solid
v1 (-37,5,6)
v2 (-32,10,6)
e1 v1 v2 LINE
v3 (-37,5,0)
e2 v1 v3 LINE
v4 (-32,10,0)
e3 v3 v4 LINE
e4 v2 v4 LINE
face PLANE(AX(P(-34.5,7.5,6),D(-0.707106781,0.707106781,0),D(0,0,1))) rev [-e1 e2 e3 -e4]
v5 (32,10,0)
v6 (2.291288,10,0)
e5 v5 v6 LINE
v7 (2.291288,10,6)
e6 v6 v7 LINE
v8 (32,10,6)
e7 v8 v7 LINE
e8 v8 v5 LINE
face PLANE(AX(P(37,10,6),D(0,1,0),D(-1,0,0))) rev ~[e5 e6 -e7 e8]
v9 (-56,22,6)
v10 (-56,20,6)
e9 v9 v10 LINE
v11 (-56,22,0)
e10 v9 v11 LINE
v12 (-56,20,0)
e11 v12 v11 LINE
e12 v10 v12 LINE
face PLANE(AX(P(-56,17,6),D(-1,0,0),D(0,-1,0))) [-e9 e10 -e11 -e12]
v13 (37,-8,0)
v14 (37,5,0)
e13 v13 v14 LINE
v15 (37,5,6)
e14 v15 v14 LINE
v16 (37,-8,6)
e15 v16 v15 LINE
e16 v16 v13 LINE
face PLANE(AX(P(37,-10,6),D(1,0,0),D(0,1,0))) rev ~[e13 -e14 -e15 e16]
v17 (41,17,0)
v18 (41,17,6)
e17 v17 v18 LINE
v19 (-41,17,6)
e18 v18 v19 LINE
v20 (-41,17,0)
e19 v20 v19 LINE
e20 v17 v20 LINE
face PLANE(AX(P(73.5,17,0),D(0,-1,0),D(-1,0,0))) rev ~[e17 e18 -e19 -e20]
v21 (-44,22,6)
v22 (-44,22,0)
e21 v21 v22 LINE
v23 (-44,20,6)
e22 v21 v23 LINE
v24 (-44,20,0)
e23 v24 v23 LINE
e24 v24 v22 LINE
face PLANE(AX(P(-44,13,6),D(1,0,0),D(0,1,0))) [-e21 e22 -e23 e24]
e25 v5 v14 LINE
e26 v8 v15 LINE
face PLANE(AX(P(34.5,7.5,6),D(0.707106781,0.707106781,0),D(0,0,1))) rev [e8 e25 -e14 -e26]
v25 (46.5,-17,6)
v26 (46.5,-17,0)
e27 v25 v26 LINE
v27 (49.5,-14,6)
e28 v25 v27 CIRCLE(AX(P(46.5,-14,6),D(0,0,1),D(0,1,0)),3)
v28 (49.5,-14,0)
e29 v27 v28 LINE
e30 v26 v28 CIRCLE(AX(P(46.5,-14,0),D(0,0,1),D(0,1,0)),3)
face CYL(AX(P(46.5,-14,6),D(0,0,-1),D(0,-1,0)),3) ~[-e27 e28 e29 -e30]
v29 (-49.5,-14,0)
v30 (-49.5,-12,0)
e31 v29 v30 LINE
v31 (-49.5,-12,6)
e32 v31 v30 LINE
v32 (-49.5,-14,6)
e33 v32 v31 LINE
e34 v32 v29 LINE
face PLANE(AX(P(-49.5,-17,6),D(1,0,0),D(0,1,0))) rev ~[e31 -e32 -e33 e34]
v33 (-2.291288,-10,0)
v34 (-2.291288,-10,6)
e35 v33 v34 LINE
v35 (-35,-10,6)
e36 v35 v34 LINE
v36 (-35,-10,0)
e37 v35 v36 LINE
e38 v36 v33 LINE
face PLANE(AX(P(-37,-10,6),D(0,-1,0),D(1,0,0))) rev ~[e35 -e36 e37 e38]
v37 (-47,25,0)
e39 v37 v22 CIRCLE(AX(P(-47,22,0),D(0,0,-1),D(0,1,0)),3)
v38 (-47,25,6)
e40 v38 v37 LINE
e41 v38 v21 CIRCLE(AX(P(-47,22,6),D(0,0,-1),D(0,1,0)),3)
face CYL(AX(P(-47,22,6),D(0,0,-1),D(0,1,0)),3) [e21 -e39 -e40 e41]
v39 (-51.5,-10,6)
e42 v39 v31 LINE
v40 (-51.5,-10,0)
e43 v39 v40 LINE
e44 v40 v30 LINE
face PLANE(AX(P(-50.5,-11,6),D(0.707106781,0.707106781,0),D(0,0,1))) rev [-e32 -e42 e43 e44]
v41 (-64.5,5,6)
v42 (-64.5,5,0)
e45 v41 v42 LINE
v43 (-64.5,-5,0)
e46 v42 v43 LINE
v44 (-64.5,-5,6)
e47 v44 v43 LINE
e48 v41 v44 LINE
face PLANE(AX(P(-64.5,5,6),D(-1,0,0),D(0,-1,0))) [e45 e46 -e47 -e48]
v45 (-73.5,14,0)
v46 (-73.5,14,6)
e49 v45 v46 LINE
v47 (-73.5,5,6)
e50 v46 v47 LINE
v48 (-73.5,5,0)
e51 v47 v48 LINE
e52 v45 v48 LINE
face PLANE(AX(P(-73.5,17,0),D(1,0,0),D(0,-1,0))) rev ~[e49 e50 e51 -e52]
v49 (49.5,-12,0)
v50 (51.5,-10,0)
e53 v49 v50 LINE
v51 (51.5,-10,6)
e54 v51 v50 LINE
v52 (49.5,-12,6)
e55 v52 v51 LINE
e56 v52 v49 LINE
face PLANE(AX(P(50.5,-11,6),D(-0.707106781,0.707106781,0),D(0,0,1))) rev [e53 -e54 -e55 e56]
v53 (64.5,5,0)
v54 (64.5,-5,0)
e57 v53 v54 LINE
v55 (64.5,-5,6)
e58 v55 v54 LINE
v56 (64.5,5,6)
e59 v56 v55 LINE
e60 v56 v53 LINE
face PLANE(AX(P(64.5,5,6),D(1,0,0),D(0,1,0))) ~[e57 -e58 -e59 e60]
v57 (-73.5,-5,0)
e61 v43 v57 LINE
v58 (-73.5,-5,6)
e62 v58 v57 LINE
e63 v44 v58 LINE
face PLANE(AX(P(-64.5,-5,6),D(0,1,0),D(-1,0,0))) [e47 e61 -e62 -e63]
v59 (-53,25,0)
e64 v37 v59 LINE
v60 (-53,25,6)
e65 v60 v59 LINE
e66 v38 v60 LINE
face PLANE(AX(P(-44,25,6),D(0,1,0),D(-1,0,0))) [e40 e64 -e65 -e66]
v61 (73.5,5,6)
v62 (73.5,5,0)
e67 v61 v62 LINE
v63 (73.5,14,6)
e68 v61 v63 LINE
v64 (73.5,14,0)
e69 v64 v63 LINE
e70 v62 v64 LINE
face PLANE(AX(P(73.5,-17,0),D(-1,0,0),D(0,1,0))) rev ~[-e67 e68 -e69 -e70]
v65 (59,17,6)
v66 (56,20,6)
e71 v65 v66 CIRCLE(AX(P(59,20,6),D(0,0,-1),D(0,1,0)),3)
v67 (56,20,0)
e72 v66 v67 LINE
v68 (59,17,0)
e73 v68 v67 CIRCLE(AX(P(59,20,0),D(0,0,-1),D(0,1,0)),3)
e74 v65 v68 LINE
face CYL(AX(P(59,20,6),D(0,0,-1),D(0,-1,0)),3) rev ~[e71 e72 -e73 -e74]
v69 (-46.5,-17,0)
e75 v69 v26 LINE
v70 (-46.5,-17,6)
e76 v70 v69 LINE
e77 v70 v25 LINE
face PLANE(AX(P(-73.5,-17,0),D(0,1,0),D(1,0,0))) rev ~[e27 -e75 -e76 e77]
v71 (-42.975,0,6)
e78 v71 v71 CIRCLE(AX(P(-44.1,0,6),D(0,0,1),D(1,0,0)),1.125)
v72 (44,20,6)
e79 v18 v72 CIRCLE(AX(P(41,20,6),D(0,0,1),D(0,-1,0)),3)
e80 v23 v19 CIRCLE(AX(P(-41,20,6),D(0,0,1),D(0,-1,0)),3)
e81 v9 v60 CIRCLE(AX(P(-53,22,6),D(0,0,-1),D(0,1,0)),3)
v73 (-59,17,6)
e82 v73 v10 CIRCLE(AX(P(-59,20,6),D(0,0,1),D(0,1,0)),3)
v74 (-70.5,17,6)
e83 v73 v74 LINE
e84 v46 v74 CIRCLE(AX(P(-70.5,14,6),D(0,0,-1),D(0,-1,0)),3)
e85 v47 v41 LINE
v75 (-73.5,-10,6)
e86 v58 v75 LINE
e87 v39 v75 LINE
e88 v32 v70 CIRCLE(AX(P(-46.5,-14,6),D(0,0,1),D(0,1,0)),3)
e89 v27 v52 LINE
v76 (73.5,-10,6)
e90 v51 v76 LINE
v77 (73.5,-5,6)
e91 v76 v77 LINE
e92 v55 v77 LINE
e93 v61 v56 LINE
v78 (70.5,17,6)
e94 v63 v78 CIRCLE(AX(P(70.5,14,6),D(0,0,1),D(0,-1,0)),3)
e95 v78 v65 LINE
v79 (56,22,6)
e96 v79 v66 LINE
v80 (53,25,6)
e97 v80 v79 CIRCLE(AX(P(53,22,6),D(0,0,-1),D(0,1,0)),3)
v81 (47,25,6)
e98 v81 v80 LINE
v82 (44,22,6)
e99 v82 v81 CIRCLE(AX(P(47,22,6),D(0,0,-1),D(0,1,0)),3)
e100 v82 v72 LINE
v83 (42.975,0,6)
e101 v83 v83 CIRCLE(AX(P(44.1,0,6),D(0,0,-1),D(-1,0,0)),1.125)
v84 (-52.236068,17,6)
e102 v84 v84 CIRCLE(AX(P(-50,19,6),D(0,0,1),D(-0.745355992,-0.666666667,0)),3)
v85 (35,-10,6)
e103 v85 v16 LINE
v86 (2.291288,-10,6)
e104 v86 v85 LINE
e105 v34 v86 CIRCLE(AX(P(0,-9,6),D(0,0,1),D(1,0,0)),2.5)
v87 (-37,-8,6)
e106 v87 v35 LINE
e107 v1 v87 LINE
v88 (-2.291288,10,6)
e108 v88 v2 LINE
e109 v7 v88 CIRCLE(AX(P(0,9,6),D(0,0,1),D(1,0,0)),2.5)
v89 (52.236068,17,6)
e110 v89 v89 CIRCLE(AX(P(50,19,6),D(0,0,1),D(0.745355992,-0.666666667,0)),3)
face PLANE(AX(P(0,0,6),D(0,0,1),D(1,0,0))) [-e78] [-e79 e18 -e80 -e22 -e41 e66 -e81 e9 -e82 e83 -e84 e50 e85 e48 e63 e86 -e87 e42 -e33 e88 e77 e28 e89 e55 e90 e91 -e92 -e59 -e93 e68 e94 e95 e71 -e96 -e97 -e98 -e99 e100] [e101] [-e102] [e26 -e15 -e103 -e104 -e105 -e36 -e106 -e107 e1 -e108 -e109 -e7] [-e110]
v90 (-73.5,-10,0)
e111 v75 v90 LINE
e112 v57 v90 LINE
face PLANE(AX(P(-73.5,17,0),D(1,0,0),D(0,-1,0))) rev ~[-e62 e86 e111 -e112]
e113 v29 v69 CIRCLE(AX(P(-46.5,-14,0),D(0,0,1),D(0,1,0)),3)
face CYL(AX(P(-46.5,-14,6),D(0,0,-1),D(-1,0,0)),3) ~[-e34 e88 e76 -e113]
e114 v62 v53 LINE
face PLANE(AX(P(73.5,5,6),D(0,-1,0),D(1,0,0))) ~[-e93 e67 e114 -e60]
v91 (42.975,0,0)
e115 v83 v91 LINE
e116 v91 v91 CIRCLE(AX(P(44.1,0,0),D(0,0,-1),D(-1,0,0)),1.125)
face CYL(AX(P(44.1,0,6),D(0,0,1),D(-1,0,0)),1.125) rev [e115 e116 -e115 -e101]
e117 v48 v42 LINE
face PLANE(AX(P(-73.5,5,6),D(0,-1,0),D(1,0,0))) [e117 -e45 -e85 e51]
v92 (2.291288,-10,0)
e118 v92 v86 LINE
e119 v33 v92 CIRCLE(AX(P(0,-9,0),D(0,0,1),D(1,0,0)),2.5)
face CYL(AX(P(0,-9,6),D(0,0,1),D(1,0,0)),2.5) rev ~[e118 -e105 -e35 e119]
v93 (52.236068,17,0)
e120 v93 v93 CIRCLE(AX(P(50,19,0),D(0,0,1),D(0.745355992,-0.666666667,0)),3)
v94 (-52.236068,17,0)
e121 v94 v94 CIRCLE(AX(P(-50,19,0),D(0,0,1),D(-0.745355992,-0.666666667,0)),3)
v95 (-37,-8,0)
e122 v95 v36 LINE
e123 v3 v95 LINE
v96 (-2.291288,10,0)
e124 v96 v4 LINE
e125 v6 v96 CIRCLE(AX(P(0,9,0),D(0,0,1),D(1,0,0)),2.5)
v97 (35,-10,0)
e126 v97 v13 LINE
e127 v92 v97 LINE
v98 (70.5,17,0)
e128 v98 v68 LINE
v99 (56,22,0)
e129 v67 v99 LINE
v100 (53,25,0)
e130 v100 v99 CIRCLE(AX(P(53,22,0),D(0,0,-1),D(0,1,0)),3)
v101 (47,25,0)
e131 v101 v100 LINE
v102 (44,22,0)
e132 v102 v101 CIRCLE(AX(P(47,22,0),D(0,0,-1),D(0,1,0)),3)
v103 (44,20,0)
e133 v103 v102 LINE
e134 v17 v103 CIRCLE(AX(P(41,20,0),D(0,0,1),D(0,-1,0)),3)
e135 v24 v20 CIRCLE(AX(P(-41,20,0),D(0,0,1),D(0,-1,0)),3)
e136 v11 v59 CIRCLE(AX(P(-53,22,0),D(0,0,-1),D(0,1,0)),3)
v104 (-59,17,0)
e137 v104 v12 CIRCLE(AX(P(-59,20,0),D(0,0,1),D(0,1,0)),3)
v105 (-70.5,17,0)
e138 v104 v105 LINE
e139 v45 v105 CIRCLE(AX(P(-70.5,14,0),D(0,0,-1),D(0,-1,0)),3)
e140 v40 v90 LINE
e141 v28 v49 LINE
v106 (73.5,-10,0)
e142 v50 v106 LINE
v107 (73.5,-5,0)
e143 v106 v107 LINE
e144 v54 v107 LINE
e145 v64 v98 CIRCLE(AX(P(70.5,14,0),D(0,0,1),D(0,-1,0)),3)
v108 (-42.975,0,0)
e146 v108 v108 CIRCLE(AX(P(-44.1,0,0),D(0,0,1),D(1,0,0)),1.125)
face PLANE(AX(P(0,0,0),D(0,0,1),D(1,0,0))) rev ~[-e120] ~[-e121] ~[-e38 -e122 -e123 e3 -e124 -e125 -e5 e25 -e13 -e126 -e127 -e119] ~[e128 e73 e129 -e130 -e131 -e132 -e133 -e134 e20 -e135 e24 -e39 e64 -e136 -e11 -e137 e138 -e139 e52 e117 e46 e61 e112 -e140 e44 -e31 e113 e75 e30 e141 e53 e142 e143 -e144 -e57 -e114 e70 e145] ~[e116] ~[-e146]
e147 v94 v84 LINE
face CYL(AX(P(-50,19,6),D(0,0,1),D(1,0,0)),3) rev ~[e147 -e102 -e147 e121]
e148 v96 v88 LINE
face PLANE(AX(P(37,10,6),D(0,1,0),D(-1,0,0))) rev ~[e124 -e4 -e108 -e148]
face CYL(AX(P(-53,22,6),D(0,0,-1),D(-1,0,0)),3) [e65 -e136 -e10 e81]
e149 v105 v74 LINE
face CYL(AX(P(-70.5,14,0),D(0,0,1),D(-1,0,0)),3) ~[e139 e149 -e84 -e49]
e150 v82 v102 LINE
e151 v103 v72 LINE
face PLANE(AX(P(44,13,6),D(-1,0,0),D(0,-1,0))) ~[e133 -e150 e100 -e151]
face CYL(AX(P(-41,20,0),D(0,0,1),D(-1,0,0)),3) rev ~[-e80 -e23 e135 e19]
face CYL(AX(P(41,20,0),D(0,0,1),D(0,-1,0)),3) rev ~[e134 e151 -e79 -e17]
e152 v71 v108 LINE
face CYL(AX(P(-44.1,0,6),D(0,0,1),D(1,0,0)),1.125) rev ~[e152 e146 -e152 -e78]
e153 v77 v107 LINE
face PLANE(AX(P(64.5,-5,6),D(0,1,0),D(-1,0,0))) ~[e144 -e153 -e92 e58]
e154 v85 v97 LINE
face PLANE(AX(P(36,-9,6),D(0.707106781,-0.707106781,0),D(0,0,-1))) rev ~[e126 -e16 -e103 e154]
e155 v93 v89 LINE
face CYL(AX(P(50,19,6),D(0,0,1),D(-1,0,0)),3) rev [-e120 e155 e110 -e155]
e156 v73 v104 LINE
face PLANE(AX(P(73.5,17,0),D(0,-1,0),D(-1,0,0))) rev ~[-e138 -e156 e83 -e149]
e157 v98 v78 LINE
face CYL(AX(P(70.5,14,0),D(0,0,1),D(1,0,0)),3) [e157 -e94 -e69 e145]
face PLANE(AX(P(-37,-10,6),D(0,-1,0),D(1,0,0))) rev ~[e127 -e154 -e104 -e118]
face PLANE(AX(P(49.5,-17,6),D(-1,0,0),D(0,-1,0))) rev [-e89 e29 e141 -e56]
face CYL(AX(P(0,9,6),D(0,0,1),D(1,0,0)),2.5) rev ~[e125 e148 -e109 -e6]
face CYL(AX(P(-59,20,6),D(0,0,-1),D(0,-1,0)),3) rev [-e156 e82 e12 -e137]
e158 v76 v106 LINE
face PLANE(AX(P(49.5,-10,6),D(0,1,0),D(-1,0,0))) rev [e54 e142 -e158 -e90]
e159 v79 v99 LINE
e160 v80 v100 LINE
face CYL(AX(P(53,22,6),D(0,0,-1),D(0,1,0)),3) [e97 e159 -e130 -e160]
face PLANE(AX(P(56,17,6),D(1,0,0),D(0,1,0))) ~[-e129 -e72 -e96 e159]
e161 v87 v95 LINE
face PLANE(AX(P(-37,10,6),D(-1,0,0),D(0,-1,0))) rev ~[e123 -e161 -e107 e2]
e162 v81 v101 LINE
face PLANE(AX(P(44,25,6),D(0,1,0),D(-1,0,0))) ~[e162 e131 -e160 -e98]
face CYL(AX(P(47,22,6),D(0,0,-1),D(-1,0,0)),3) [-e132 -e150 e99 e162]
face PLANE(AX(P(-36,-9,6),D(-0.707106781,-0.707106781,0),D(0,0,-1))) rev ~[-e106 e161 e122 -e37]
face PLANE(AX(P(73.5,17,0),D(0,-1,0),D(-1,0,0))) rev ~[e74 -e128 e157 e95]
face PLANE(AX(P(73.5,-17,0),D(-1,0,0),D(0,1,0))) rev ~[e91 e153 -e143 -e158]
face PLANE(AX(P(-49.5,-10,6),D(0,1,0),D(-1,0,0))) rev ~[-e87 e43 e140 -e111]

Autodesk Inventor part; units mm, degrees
ref_plane "YZ Plane" through (0, 0, 0) normal (1, 0, 0) x (0, 1, 0)
ref_plane "XZ Plane" through (0, 0, 0) normal (0, 1, 0) x (-1, 0, 0)
ref_plane "XY Plane" through (0, 0, 0) normal (0, 0, 1) x (1, 0, 0)
sketch "Sketch1" plane through (0, 0, 0) normal (0, 0, 1) x (1, 0, 0)
  line L0 (-73.5, -17) -> (73.5, -17)
  line L1 (73.5, -17) -> (73.5, 17)
  line L2 (73.5, 17) -> (-73.5, 17)
  line L3 (-73.5, 17) -> (-73.5, -17)
  line L4 (-73.5, -17) -> (73.5, 17) construction
  line L5 (73.5, -17) -> (-73.5, 17) construction
  point P0 (0, 0)
  dimension "d0" = 147
  dimension "d1" = 34
extrude "Extrusion1" add sketch "Sketch1" along normal blind 6
sketch "Sketch2" plane through (0, 0, 6) normal (0, 0, 1) x (1, 0, 0)
  line L0 (-37, -10) -> (37, -10)
  line L1 (37, -10) -> (37, 10)
  line L2 (37, 10) -> (-37, 10)
  line L3 (-37, 10) -> (-37, -10)
  line L4 (-37, -10) -> (37, 10) construction
  line L5 (37, -10) -> (-37, 10) construction
  point P0 (0, 0)
  dimension "d4" = 74
  dimension "d5" = 20
extrude "Extrusion2" cut sketch "Sketch2" against normal blind 6
sketch "Sketch3" plane through (0, 0, 6) normal (0, 0, 1) x (1, 0, 0)
  circle A0 centre (0, 9) radius 2.5
  circle A1 centre (0, -9) radius 2.5
  point P0 (0, 0)
  dimension "d8" = 5
  dimension "d10" = 9
  dimension "d11" = 5
  dimension "d12" = 9
extrude "Extrusion3" cut sketch "Sketch3" against normal blind 6
sketch "Sketch4" plane through (0, 0, 6) normal (0, 0, 1) x (1, 0, 0)
  line L0 (73.5, 17) -> (-73.5, 17) projected
  circle A0 centre (-50, 19) radius 3
  line L1 (-56, 13) -> (-44, 13)
  line L2 (-44, 13) -> (-44, 25)
  line L3 (-44, 25) -> (-56, 25)
  line L4 (-56, 25) -> (-56, 13)
  line L5 (-56, 13) -> (-44, 25) construction
  line L6 (-44, 13) -> (-56, 25) construction
  point P0 (0, 0)
  dimension "d15" = 6
  dimension "d16" = 12
  dimension "d17" = 12
  dimension "d18" = 50
  dimension "d19" = 2
extrude "Extrusion4" add sketch "Sketch4" against normal blind 6 contours L2 L1 L4 L0 A0 | L0 A0 L4 L3 L2
sketch "Sketch5" plane through (0, 0, 6) normal (0, 0, 1) x (1, 0, 0)
  line L0 (-73.5, 17) -> (-73.5, -17) projected
  line L1 (-37, -10) -> (-37, 10) projected
  line L2 (-73.5, 5) -> (-64.5, 5)
  line L3 (-64.5, 5) -> (-64.5, -5)
  line L4 (-64.5, -5) -> (-73.5, -5)
  line L5 (-73.5, -5) -> (-73.5, 5)
  point P0 (0, 0)
  point P1 (-73.5, 0)
  point P2 (-37, 0)
  dimension "d22" = 9
  dimension "d23" = 10
extrude "Extrusion5" cut sketch "Sketch5" against normal blind 6
sketch "Sketch6" plane through (0, 0, 6) normal (0, 0, 1) x (1, 0, 0)
  line L0 (-73.5, -17) -> (-49.5, -17)
  line L1 (-49.5, -17) -> (-49.5, -10)
  line L2 (-49.5, -10) -> (-73.5, -10)
  line L3 (-73.5, -10) -> (-73.5, -17)
  point P0 (0, 0)
  dimension "d26" = 24
  dimension "d28" = 7
extrude "Extrusion6" cut sketch "Sketch6" against normal blind 6
sketch "Sketch7" plane through (0, 0, 6) normal (0, 0, 1) x (1, 0, 0)
  line L0 (-37, -10) -> (-37, 10) projected
  circle A0 centre (-44.1, 0) radius 1.125
  point P0 (0, 0)
  point P1 (-37, 0)
  dimension "d31" = 2.25
  dimension "d32" = 44.1
extrude "Extrusion7" cut sketch "Sketch7" against normal blind 6
mirror "Mirror1" about plane through (0, 0, 0) normal (1, 0, 0) of "Extrusion4", "Extrusion5", "Extrusion6", "Extrusion7"
chamfer "Chamfer3" distance 5 angle 45 2 edges at (-37, 10, 3) (37, 10, 3)
chamfer "Chamfer4" distance 2 angle 45 4 edges at (-37, -10, 3) (-49.5, -10, 3) (37, -10, 3) (49.5, -10, 3)
fillet "Fillet2" radius 3 12 edges at (-73.5, 17, 3) (-56, 17, 3) (-56, 25, 3) (-44, 25, 3) (-44, 17, 3) (-49.5, -17, 3) (49.5, -17, 3) (73.5, 17, 3) (56, 17, 3) (56, 25, 3) (44, 25, 3) (44, 17, 3)
sketch "Sketch8" plane through (0, 0, 6) normal (0, 0, 1) x (1, 0, 0)
  circle A0 centre (50, 19) radius 3
  circle A1 centre (-50, 19) radius 3
  arc A2 (-47.7639, 17) -> (-52.2361, 17) centre (-50, 19) ccw projected
  arc A3 (52.2361, 17) -> (47.7639, 17) centre (50, 19) ccw projected
  point P0 (0, 0)
extrude "Extrusion8" cut sketch "Sketch8" against normal through all
properties part number "camera_mount_v1"
